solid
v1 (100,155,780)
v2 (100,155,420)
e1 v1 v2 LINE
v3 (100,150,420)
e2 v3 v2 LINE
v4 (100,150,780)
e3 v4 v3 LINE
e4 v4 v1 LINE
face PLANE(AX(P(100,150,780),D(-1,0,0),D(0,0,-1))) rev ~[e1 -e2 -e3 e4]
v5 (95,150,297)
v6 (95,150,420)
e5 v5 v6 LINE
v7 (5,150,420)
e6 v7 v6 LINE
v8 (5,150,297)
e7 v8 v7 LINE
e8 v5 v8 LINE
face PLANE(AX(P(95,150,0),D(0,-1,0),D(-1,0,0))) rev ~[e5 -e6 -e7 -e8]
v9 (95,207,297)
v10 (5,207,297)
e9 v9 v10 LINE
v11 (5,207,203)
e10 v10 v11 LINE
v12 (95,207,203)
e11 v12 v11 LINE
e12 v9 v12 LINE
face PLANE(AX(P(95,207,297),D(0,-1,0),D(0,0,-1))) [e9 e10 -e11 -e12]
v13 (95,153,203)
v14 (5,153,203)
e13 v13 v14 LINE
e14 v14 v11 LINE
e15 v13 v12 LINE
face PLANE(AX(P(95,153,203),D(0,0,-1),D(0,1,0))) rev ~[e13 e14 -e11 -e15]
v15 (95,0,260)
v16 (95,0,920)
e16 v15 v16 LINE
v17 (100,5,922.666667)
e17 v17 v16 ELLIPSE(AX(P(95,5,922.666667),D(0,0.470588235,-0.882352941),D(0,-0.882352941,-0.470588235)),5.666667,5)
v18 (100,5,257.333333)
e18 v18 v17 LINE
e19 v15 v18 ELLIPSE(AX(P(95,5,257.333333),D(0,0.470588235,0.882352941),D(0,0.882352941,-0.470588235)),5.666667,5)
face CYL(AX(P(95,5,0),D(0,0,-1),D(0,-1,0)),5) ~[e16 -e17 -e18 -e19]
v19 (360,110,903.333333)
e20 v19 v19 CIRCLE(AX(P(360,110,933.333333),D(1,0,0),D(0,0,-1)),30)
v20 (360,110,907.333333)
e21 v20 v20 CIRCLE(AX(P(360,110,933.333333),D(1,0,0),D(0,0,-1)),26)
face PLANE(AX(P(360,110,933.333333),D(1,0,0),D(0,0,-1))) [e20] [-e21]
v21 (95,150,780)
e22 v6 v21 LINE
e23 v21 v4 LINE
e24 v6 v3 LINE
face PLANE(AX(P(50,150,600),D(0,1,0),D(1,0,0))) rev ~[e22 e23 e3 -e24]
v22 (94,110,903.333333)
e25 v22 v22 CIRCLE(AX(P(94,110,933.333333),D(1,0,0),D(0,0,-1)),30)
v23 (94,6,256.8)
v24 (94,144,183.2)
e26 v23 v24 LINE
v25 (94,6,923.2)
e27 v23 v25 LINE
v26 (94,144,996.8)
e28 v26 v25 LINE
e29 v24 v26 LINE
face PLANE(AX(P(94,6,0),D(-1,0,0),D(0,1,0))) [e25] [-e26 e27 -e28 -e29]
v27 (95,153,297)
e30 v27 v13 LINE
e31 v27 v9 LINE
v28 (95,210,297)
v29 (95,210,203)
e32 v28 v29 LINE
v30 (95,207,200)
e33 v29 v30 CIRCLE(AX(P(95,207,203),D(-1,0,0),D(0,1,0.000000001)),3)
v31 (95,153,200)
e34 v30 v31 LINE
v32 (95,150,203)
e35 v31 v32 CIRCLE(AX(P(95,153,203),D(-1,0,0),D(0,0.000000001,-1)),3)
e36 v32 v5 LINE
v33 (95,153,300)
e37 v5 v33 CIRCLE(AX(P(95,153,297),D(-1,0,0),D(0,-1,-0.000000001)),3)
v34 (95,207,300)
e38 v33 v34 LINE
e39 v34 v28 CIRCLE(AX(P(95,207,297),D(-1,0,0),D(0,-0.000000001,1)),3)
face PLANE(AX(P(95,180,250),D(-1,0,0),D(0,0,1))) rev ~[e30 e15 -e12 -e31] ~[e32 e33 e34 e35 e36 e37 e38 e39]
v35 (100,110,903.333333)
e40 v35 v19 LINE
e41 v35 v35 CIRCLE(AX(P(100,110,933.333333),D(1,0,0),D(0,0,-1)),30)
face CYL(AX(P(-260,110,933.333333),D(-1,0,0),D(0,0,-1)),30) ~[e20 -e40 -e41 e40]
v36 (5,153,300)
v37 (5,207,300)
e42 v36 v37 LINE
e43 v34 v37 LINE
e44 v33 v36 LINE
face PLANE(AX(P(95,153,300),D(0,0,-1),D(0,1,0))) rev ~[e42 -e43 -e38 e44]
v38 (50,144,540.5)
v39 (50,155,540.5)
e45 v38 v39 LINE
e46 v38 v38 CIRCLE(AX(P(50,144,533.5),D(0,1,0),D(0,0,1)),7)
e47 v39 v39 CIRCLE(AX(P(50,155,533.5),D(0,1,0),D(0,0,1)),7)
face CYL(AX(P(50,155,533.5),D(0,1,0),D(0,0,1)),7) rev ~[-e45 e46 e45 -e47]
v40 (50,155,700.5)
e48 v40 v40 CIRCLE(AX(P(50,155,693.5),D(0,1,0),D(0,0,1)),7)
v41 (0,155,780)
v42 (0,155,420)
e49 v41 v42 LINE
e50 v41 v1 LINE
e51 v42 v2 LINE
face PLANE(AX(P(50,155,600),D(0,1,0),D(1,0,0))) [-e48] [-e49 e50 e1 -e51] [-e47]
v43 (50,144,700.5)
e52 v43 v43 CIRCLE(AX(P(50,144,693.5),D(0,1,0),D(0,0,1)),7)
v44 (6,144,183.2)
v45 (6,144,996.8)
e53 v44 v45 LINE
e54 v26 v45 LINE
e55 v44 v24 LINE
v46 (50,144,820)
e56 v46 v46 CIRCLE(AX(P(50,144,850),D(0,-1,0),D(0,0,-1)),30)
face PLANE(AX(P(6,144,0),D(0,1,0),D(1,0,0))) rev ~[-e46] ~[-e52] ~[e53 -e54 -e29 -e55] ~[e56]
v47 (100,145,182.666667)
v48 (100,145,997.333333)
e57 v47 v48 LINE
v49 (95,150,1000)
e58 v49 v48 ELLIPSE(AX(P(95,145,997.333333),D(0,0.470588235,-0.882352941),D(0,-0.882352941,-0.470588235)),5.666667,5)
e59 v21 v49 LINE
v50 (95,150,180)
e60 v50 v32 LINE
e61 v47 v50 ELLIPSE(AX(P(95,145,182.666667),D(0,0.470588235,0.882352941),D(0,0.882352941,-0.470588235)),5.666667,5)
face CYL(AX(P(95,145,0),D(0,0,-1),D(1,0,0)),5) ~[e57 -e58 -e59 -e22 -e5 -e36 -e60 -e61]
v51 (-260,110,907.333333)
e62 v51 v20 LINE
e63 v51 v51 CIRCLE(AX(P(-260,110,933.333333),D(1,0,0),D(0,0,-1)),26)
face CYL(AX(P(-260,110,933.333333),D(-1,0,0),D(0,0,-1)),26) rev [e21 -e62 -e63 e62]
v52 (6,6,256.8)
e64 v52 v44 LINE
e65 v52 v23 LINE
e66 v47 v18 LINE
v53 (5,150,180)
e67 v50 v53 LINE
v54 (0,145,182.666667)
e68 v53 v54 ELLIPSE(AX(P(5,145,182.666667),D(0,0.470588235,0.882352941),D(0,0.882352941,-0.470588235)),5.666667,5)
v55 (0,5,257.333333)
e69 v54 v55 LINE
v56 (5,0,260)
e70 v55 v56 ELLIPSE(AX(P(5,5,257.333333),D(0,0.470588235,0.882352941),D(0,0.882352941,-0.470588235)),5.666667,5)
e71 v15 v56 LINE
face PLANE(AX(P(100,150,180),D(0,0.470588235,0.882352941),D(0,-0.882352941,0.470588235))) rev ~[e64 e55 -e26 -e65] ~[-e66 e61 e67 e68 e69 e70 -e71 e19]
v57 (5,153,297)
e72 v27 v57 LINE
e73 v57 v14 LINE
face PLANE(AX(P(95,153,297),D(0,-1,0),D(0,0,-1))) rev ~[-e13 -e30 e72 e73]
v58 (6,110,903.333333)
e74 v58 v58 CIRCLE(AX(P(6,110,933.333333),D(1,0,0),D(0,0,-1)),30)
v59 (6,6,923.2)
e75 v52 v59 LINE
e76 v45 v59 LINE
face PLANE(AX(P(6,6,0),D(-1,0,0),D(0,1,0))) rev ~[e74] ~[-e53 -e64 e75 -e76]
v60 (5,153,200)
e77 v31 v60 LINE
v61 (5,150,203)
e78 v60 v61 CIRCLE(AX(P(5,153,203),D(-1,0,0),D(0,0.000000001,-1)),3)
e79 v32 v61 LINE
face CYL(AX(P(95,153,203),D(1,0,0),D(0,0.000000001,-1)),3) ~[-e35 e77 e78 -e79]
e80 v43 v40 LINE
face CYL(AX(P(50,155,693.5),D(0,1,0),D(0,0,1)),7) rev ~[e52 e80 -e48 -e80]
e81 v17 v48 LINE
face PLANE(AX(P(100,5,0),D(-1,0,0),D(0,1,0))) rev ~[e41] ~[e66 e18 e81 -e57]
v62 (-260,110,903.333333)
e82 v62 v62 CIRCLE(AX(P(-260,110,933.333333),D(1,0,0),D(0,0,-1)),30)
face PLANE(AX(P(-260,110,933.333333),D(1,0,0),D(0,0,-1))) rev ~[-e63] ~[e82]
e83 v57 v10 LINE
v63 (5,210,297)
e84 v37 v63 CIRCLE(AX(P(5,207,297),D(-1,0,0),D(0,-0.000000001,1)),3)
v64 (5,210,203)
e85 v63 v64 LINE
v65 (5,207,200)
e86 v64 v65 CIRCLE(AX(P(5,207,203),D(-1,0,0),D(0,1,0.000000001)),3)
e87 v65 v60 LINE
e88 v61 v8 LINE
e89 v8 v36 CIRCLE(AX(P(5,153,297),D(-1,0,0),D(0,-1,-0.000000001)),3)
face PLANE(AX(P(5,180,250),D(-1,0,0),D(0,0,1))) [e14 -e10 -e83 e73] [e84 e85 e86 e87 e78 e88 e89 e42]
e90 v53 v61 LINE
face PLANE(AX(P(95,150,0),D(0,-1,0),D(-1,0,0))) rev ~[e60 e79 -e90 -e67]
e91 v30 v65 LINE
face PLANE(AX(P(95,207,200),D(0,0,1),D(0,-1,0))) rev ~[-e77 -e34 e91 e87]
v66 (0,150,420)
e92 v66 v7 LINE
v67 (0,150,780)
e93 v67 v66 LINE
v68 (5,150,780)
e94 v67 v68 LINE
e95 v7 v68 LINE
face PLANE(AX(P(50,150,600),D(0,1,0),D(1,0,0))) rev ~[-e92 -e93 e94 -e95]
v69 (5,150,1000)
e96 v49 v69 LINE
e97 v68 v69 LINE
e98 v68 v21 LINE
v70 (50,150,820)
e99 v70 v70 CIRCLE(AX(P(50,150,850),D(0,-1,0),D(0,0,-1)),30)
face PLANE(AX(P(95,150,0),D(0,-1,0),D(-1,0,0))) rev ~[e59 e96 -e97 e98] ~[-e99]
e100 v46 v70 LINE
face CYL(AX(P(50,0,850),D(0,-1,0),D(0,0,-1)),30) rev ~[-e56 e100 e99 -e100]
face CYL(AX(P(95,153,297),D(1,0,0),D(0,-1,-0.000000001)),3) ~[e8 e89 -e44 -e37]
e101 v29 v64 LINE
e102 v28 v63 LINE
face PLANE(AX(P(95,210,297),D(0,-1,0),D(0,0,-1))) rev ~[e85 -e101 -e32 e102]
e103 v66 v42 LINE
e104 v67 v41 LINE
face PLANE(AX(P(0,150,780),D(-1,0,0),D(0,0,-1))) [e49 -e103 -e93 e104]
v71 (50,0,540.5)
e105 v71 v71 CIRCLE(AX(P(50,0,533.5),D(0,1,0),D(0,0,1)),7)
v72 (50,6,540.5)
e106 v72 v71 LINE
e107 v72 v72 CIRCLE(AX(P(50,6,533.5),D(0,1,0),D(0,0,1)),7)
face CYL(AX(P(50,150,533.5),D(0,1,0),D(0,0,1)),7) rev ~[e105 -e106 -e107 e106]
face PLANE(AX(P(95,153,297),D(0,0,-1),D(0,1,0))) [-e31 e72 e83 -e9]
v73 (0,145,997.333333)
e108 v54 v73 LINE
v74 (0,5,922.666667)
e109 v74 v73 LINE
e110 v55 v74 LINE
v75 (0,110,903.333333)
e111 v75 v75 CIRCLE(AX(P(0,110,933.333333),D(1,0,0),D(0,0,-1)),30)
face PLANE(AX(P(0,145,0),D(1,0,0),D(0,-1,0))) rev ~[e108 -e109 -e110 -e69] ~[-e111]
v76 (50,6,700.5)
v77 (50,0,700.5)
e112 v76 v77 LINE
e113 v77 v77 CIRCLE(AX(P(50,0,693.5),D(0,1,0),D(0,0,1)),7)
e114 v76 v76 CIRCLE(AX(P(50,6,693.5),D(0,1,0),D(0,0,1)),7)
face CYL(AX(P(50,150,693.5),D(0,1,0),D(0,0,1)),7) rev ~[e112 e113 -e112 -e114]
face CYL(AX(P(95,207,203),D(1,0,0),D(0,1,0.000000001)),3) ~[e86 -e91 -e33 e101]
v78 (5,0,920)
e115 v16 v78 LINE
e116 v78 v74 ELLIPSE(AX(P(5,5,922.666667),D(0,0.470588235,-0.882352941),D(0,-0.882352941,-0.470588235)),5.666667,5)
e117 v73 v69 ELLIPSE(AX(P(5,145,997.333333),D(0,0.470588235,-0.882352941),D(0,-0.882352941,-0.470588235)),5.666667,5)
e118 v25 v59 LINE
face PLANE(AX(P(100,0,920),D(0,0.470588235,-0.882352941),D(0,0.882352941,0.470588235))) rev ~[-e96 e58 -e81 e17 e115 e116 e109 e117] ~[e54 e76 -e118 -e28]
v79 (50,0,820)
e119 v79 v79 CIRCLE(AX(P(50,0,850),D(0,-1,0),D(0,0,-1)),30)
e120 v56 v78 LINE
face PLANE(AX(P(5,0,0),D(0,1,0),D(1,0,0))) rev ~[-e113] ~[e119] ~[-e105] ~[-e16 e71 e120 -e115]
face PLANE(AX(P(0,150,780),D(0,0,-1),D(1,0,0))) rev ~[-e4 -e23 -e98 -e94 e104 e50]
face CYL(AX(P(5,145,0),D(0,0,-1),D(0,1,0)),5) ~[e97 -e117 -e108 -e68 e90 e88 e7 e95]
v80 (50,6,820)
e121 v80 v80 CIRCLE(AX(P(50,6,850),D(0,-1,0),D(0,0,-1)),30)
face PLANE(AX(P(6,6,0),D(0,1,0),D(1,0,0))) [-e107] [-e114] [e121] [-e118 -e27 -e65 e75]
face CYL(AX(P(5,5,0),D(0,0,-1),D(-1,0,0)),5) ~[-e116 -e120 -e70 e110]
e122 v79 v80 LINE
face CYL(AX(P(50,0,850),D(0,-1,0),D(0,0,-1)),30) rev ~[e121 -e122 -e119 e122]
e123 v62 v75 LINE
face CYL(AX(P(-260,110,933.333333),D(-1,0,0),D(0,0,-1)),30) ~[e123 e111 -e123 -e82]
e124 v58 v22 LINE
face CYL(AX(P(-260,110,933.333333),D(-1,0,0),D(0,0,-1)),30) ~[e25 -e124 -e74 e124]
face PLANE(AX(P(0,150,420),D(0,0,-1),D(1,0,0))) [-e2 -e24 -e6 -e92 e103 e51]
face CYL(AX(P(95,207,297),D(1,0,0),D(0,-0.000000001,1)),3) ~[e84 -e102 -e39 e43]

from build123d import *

# Parameters (mm, degrees)
SCHIZZO1_W                     = 88
SCHIZZO1_H                     = 138
ESTRUSIONE_SOTTILE1_DEPTH      = 1000
ESTRUSIONE1_DEPTH              = 1017.120071645
ESTRUSIONE2_DEPTH              = 1017.120071645
SCHIZZO4_R                     = 30
ESTRUSIONE3_DEPTH              = 1017.120071645
SCHIZZO12_R                    = 7
TAGLIO_ESTRUSIONE1_DEPTH       = 1017.120071645
SCHIZZO5_W                     = 100
SCHIZZO5_H                     = 360
ESTRUSIONE4_DEPTH              = 5
SCHIZZO6_R                     = 7
ESTRUSIONE5_DEPTH              = 1017.870198206
SCHIZZO9_R                     = 30
ESTRUSIONE8_DEPTH              = 1017.870198206
ESTRUSIONE_SOTTILE2_DEPTH      = 260
ESTRUSIONE_SOTTILE2_DEPTH_BACK = 360
SCHIZZO10_R                    = 30
SCHIZZO10_R_2                  = 26
ESTRUSIONE_SOTTILE3_START      = -5
SCHIZZO11_W                    = 94
SCHIZZO11_H                    = 54
ESTRUSIONE_SOTTILE3_DEPTH      = 90


with BuildPart() as part:
    # Schizzo1 → Estrusione-Sottile1 (new body)
    with BuildSketch(Plane.XY):
        with BuildLine():
            Line((5, 0), (95, 0))
            ThreePointArc((95, 0), (98.535533906, 1.464466094), (100, 5))
            Line((100, 5), (100, 145))
            ThreePointArc((100, 145), (98.535533906, 148.535533906), (95, 150))
            Line((95, 150), (5, 150))
            ThreePointArc((5, 150), (1.464466094, 148.535533906), (0, 145))
            Line((0, 145), (0, 5))
            ThreePointArc((0, 5), (1.464466094, 1.464466094), (5, 0))
        make_face()
        with Locations((50, 75)):
            Rectangle(SCHIZZO1_W, SCHIZZO1_H, mode=Mode.SUBTRACT)
    extrude(amount=ESTRUSIONE_SOTTILE1_DEPTH)

    # Schizzo2 → Estrusione1 (cut, through all)
    with BuildSketch(Plane(origin=(100, 0, 0), x_dir=(0, 0, -1), z_dir=(1, 0, 0))):
        Polygon((-920, 0), (-1000, 150), (-1000, 0), align=None)
    extrude(amount=-ESTRUSIONE1_DEPTH, mode=Mode.SUBTRACT)

    # Schizzo3 → Estrusione2 (cut, through all)
    with BuildSketch(Plane(origin=(100, 0, 0), x_dir=(0, 0, -1), z_dir=(1, 0, 0))):
        Polygon((-180, 150), (-260, 0), (0, 0), (0, 150), align=None)
    extrude(amount=-ESTRUSIONE2_DEPTH, mode=Mode.SUBTRACT)

    # Schizzo4 → Estrusione3 (cut, through all)
    with BuildSketch(Plane.XZ):
        with Locations((50, 850)):
            Circle(SCHIZZO4_R)
    extrude(amount=-ESTRUSIONE3_DEPTH, mode=Mode.SUBTRACT)

    # Schizzo12 → Taglio-Estrusione1 (cut, through all)
    with BuildSketch(Plane(origin=(0, 150, 0), x_dir=(1, 0, 0), z_dir=(0, 1, 0))):
        with Locations((50, -693.5)):
            Circle(SCHIZZO12_R)
        with Locations((50, -533.5)):
            Circle(SCHIZZO12_R)
    extrude(amount=-TAGLIO_ESTRUSIONE1_DEPTH, mode=Mode.SUBTRACT)

    # Schizzo5 → Estrusione4 (add)
    with BuildSketch(Plane(origin=(0, 150, 0), x_dir=(1, 0, 0), z_dir=(0, 1, 0))):
        with Locations((50, -600)):
            Rectangle(SCHIZZO5_W, SCHIZZO5_H)
    extrude(amount=ESTRUSIONE4_DEPTH)

    # Schizzo6 → Estrusione5 (cut, through all)
    with BuildSketch(Plane(origin=(0, 155, 0), x_dir=(1, 0, 0), z_dir=(0, 1, 0))):
        with Locations((50, -533.5)):
            Circle(SCHIZZO6_R)
        with Locations((50, -693.5)):
            Circle(SCHIZZO6_R)
    extrude(amount=-ESTRUSIONE5_DEPTH, mode=Mode.SUBTRACT)

    # Schizzo9 → Estrusione8 (cut, through all)
    with BuildSketch(Plane(origin=(100, 0, 0), x_dir=(0, 0, -1), z_dir=(1, 0, 0))):
        with Locations((-933.333333333, 110)):
            Circle(SCHIZZO9_R)
    extrude(amount=-ESTRUSIONE8_DEPTH, mode=Mode.SUBTRACT)

    # Schizzo10 → Estrusione-Sottile2 (add, two sides: drawn at the far end of the back side and taken through both)
    with BuildSketch(Plane(origin=(100, 0, 0), x_dir=(0, 0, -1), z_dir=(1, 0, 0)).offset(-ESTRUSIONE_SOTTILE2_DEPTH_BACK)):
        with Locations((-933.333333333, 110)):
            Circle(SCHIZZO10_R)
        with Locations((-933.333333333, 110)):
            Circle(SCHIZZO10_R_2, mode=Mode.SUBTRACT)
    extrude(amount=ESTRUSIONE_SOTTILE2_DEPTH + ESTRUSIONE_SOTTILE2_DEPTH_BACK)

    # Schizzo11 → Estrusione-Sottile3 (add)
    with BuildSketch(Plane(origin=(100, 0, 0), x_dir=(0, 0, -1), z_dir=(1, 0, 0)).offset(ESTRUSIONE_SOTTILE3_START)):
        with BuildLine():
            Line((-297, 210), (-203, 210))
            ThreePointArc((-203, 210), (-200.878679656, 209.121320344), (-200, 207))
            Line((-200, 207), (-200, 153))
            ThreePointArc((-200, 153), (-200.878679656, 150.878679656), (-203, 150))
            Line((-203, 150), (-297, 150))
            ThreePointArc((-297, 150), (-299.121320344, 150.878679656), (-300, 153))
            Line((-300, 153), (-300, 207))
            ThreePointArc((-300, 207), (-299.121320344, 209.121320344), (-297, 210))
        make_face()
        with Locations((-250, 180)):
            Rectangle(SCHIZZO11_W, SCHIZZO11_H, mode=Mode.SUBTRACT)
    extrude(amount=-ESTRUSIONE_SOTTILE3_DEPTH)


solid = part.part
